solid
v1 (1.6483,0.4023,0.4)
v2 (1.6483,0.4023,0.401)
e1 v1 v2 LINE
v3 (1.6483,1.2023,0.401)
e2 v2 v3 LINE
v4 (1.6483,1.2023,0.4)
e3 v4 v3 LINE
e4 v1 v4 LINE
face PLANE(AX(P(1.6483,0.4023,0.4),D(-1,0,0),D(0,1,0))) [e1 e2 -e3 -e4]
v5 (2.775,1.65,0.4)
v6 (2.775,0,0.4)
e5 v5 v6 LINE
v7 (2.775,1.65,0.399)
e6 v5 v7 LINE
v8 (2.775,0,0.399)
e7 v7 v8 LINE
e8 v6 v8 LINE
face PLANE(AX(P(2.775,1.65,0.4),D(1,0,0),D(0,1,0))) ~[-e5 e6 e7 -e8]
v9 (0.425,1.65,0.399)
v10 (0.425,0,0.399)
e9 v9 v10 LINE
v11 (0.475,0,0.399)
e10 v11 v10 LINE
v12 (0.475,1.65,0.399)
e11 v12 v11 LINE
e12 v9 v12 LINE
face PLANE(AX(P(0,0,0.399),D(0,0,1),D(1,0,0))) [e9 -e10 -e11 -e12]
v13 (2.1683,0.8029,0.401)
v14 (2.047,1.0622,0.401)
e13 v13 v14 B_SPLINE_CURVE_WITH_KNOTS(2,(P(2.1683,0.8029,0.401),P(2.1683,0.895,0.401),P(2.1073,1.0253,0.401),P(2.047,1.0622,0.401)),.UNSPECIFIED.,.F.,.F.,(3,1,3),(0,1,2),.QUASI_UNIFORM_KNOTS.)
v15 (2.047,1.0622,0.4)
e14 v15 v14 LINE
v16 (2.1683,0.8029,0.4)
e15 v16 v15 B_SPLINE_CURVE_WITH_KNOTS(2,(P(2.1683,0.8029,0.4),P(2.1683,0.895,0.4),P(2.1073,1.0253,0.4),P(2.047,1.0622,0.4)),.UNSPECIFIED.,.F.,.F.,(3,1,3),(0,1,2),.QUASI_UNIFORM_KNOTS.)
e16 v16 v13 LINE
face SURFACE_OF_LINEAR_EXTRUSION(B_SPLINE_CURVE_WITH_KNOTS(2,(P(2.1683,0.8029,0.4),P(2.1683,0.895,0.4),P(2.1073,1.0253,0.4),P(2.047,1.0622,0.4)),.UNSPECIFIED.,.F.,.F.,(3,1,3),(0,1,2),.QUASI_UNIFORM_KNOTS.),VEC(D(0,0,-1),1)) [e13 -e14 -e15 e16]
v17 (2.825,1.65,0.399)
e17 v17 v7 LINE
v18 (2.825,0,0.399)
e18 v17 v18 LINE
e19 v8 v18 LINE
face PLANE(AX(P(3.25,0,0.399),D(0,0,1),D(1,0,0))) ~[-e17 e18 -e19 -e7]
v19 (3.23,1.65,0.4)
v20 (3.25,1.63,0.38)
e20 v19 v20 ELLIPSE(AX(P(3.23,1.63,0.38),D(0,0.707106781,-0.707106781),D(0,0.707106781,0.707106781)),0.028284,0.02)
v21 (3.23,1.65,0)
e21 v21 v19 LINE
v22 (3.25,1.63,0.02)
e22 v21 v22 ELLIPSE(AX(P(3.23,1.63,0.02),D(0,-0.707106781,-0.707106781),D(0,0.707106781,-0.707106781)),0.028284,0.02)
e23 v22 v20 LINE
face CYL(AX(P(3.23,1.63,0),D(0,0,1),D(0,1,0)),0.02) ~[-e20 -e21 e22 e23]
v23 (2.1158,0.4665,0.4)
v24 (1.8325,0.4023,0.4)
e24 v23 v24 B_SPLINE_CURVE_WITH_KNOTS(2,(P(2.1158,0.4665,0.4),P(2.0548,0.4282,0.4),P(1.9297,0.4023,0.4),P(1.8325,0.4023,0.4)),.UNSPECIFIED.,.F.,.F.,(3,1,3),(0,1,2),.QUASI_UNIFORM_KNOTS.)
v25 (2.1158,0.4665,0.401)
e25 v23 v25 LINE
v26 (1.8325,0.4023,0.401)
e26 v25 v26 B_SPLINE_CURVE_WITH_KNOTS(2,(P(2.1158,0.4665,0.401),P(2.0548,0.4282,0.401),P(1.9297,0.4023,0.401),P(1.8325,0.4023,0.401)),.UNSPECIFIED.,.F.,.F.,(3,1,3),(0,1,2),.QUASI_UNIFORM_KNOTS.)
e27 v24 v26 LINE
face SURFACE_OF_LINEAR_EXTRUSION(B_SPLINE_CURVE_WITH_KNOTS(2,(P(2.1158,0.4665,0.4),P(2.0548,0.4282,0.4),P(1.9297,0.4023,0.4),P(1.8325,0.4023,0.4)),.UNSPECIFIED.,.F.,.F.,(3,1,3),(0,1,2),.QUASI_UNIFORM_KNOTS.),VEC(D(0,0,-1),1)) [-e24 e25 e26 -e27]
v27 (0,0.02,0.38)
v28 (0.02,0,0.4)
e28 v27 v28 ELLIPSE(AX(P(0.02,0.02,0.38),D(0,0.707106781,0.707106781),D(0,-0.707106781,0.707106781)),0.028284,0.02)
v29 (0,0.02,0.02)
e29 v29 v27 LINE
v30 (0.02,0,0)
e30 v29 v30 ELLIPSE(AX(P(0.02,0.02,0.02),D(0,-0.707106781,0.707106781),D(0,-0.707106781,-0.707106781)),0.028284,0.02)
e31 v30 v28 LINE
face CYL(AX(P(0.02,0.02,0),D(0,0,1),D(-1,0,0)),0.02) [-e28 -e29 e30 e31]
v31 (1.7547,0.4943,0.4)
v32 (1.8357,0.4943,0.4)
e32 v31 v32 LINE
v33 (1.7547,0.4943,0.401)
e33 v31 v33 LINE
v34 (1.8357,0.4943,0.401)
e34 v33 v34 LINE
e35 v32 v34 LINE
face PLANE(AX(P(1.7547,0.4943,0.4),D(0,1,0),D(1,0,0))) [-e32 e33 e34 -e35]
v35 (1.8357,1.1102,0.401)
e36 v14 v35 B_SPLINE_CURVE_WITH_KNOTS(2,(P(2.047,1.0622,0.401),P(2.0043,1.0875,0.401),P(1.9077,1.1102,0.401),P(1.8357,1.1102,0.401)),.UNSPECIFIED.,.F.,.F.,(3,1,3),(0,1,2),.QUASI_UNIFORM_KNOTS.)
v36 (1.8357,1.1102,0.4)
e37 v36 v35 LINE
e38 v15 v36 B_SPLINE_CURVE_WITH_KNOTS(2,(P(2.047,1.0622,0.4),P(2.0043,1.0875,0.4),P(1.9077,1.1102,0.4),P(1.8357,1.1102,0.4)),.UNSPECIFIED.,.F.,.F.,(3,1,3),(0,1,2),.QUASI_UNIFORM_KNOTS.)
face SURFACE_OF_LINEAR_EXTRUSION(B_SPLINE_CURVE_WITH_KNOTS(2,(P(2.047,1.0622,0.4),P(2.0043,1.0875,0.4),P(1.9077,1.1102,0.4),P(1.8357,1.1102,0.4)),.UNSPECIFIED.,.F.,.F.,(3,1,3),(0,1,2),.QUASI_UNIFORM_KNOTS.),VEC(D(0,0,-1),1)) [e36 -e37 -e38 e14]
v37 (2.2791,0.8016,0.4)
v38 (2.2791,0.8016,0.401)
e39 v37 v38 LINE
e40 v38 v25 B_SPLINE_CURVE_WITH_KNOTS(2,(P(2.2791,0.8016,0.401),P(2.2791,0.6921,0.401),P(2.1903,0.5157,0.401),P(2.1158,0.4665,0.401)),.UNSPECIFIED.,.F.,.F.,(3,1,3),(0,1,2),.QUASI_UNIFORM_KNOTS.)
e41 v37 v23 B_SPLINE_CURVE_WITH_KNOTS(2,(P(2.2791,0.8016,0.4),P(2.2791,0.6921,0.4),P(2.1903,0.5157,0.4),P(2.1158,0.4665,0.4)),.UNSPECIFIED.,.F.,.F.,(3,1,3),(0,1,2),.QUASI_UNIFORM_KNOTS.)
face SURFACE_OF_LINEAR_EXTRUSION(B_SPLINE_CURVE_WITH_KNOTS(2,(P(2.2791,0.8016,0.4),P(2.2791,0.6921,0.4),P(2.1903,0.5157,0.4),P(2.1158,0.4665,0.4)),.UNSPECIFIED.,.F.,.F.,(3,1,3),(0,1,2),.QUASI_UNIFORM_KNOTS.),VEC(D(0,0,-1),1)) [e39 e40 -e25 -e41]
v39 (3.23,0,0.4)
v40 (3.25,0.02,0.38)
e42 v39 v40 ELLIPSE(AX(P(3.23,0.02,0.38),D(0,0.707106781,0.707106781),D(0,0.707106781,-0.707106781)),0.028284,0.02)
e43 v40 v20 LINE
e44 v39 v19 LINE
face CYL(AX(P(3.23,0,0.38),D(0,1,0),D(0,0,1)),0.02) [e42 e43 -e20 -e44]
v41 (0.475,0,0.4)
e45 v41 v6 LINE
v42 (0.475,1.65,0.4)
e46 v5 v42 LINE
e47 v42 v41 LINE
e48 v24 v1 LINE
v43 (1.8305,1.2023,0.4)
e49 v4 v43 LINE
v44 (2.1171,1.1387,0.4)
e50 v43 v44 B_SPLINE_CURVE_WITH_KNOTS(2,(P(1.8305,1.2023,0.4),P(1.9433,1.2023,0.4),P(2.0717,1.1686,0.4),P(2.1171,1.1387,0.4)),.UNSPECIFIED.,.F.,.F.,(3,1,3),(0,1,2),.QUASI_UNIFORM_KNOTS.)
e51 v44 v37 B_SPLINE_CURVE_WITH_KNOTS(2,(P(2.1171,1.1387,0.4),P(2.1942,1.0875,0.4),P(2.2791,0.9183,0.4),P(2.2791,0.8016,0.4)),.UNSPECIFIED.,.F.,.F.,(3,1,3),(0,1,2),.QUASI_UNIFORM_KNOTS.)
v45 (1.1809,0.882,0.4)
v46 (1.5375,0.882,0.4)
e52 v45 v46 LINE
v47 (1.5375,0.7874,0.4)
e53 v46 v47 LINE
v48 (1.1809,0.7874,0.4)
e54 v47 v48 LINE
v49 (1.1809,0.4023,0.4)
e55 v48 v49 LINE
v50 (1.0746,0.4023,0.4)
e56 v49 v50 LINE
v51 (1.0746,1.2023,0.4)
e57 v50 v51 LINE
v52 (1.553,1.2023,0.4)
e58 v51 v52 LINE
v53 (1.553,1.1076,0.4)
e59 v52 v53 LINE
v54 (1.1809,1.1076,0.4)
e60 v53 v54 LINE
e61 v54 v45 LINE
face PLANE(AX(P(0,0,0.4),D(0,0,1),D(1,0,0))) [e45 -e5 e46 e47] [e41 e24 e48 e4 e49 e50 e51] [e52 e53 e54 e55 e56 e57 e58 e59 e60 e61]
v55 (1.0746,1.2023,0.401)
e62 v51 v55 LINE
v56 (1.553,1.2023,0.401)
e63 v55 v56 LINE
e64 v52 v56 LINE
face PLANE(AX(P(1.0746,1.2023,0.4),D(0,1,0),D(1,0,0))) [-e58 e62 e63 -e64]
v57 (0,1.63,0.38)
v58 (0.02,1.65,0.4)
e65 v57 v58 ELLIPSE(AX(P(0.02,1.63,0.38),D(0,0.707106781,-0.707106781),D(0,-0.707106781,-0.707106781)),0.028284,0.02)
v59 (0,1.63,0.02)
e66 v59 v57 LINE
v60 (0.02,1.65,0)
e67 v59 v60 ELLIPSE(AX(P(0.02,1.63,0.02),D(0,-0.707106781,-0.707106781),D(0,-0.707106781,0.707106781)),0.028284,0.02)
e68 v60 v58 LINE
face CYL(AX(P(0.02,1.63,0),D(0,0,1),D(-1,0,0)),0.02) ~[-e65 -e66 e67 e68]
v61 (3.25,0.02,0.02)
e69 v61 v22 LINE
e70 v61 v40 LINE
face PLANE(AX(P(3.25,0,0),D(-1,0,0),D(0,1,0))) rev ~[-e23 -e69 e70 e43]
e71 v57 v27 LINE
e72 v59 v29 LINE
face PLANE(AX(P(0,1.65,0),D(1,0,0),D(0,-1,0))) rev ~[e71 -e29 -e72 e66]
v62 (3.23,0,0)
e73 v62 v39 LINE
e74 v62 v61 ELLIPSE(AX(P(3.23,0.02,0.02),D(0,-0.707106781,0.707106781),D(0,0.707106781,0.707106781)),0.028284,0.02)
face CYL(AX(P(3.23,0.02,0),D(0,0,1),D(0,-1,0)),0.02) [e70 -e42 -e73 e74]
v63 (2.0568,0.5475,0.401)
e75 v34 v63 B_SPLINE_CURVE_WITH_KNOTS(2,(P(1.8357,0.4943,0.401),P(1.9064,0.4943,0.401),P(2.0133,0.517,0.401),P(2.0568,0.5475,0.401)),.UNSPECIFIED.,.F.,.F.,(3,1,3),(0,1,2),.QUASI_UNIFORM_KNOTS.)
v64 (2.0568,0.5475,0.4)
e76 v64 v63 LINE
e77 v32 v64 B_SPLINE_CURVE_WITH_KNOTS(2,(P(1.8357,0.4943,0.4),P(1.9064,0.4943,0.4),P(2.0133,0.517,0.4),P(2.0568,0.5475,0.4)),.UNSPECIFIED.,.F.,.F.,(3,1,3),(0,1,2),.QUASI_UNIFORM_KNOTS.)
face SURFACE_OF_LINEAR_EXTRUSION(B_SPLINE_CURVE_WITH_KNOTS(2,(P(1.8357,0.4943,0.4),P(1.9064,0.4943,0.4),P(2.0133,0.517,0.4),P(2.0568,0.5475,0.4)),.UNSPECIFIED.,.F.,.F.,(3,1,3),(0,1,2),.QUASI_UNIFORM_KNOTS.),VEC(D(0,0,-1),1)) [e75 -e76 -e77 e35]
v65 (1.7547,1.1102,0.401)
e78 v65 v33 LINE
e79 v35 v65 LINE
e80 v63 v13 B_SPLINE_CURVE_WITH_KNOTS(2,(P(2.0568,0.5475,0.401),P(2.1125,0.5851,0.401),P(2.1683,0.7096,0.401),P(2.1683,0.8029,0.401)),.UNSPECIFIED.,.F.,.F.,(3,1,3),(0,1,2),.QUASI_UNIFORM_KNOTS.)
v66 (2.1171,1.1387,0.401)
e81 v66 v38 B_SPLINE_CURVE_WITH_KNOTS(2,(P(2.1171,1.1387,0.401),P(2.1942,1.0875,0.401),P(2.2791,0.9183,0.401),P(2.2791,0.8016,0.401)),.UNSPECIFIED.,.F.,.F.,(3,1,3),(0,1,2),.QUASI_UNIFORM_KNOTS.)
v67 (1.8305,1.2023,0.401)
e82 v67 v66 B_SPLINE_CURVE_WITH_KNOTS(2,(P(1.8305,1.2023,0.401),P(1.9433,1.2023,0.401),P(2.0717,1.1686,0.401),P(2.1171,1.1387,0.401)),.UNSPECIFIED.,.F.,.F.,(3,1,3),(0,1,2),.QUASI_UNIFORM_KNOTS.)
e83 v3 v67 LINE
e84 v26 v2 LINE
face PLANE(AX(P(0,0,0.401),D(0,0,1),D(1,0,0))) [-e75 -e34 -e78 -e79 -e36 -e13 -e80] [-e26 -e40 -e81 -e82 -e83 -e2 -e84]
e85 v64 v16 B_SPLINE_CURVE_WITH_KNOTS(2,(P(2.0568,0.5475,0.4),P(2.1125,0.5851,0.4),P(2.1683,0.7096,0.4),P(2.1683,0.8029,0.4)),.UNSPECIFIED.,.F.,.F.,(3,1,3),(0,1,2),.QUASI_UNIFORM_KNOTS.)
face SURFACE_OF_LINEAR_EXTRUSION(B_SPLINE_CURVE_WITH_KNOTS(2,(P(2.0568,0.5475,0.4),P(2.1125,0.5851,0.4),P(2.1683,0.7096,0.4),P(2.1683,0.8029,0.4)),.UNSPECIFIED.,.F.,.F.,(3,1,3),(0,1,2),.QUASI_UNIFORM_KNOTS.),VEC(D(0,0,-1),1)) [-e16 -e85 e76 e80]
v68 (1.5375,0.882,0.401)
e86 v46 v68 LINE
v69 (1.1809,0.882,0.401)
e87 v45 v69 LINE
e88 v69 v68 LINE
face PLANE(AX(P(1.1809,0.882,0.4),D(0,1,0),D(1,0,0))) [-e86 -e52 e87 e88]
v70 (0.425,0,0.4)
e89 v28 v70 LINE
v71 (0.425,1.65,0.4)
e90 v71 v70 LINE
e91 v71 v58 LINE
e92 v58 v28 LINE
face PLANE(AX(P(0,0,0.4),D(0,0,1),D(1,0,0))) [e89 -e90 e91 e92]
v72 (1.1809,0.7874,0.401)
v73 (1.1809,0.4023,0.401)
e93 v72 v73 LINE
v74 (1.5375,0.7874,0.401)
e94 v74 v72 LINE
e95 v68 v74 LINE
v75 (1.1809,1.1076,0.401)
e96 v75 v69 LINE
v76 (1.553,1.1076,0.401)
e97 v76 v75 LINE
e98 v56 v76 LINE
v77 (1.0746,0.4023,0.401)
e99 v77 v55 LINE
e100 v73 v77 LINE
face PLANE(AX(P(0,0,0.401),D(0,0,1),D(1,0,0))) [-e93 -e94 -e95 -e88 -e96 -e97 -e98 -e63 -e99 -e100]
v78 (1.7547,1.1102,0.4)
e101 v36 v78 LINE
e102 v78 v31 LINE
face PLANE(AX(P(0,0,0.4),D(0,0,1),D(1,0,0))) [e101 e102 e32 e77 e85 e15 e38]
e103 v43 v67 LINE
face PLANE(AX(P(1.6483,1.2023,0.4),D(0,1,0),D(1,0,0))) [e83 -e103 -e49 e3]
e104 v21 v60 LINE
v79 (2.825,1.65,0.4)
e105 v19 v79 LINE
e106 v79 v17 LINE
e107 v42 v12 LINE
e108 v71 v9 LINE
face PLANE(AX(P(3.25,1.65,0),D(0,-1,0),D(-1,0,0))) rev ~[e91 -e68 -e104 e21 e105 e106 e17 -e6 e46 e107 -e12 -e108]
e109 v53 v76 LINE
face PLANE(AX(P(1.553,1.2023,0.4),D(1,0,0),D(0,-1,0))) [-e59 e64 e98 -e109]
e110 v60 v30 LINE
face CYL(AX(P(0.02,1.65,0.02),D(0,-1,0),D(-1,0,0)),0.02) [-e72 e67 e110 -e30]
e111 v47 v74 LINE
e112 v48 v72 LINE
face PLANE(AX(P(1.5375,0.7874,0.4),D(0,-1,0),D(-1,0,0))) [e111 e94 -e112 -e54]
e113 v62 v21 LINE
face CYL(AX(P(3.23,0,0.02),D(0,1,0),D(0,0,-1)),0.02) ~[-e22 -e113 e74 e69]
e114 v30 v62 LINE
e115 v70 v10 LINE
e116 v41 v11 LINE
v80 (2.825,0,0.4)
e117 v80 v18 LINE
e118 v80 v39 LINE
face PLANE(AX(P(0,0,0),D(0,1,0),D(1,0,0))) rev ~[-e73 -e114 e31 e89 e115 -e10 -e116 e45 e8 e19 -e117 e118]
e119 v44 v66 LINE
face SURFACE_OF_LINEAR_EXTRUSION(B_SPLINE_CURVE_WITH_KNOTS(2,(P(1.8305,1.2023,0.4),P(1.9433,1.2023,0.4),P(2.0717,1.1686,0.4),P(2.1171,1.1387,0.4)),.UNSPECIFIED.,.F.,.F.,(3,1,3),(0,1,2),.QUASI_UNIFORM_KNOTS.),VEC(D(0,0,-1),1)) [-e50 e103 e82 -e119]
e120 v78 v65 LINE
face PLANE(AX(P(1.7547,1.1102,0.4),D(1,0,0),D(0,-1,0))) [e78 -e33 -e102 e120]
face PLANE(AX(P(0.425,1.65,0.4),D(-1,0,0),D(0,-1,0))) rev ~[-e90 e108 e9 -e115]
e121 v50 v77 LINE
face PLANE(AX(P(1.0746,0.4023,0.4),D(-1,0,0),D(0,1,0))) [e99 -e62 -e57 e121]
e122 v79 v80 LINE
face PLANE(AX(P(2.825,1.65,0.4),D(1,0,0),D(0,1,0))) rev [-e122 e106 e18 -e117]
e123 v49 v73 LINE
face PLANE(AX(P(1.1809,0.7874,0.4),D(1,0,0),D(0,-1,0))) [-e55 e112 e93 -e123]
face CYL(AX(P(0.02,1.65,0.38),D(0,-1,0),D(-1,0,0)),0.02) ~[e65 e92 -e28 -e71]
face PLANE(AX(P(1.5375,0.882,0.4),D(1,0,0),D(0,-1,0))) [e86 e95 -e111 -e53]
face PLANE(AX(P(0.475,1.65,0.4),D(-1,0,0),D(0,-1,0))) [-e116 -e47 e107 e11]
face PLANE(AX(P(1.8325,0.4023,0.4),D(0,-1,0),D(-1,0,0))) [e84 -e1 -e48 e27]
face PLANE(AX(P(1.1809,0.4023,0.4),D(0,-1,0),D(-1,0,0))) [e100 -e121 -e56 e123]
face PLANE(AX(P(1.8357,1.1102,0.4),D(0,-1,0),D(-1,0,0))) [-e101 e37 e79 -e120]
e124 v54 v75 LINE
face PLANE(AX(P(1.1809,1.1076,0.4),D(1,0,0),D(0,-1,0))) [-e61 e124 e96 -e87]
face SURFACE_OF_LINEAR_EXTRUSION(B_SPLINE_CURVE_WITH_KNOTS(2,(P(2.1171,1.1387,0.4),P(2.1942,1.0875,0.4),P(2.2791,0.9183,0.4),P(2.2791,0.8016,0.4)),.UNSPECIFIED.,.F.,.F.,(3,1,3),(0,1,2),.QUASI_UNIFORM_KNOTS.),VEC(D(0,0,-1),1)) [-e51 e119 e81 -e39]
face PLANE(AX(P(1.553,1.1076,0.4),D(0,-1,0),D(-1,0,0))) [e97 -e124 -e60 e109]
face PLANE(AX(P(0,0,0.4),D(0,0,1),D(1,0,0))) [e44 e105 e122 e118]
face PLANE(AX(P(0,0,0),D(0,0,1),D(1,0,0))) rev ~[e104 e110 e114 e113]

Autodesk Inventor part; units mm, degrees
ref_plane "YZ Plane" through (0, 0, 0) normal (1, 0, 0) x (0, 1, 0)
ref_plane "XZ Plane" through (0, 0, 0) normal (0, 1, 0) x (-1, 0, 0)
ref_plane "XY Plane" through (0, 0, 0) normal (0, 0, 1) x (1, 0, 0)
sketch "Sketch1" plane through (0, 0, 0) normal (0, 0, 1) x (1, 0, 0)
  line L0 (0, 0) -> (3.25, 0)
  line L1 (3.25, 0) -> (3.25, 1.65)
  line L2 (3.25, 1.65) -> (0, 1.65)
  line L3 (0, 1.65) -> (0, 0)
  dimension "d0" = 1.65
  dimension "d1" = 3.25
extrude "Extrusion1" add sketch "Sketch1" along normal blind 0.4
sketch "Sketch2" plane through (0, 0, 0.4) normal (0, 0, 1) x (1, 0, 0)
  line L0 (0, 0) -> (0, 1.65) projected
  line L1 (3.25, 0) -> (0, 0) projected
  line L2 (0, 1.65) -> (3.25, 1.65) projected
  line L3 (0.425, 1.65) -> (0.425, 0)
  line L4 (0.475, 1.65) -> (0.475, 0)
  line L5 (0.425, 1.65) -> (0.475, 1.65)
  line L6 (0.425, 0) -> (0.475, 0)
  dimension "d4" = 0.425
  dimension "d7" = 0.05
extrude "Extrusion2" cut sketch "Sketch2" against normal blind 0.001 contours L3 L2 L4 L1
ref_plane "Work Plane1" through (1.625, 0, 0) normal (1, 0, 0) x (0, 0, -1)
mirror "Mirror1" about plane through (1.625, 0, 0) normal (1, 0, 0) of "Extrusion2"
sketch "Sketch3" plane through (0, 0, 0.4) normal (0, 0, 1) x (1, 0, 0)
  line L0 (0.9936, 1.2023) -> (2.3385, 1.2023) construction
  line L1 (2.3385, 1.2023) -> (2.3385, 0.3392) construction
  line L2 (2.3385, 0.3392) -> (0.9936, 0.3392) construction
  line L3 (0.9936, 0.3392) -> (0.9936, 1.2023) construction
  line L4 (1.553, 1.1076) -> (1.1809, 1.1076)
  line L5 (1.1809, 1.1076) -> (1.1809, 0.882)
  line L6 (1.1809, 0.882) -> (1.5375, 0.882)
  line L7 (1.5375, 0.882) -> (1.5375, 0.7874)
  line L8 (1.5375, 0.7874) -> (1.1809, 0.7874)
  line L9 (1.1809, 0.7874) -> (1.1809, 0.4023)
  line L10 (1.1809, 0.4023) -> (1.0746, 0.4023)
  line L11 (1.0746, 0.4023) -> (1.0746, 1.2023)
  line L12 (1.0746, 1.2023) -> (1.553, 1.2023)
  line L13 (1.553, 1.2023) -> (1.553, 1.1076)
  spline S0 degree 2 poles (2.2791, 0.8016) (2.2791, 0.6921) (2.1903, 0.5157) (2.1158, 0.4665) knots 0 0 0 1 2 2 2
  spline S1 degree 2 poles (2.1158, 0.4665) (2.0548, 0.4282) (1.9297, 0.4023) (1.8325, 0.4023) knots 0 0 0 1 2 2 2
  line L14 (1.8325, 0.4023) -> (1.6483, 0.4023)
  line L15 (1.6483, 0.4023) -> (1.6483, 1.2023)
  line L16 (1.6483, 1.2023) -> (1.8305, 1.2023)
  spline S2 degree 2 poles (1.8305, 1.2023) (1.9433, 1.2023) (2.0717, 1.1686) (2.1171, 1.1387) knots 0 0 0 1 2 2 2
  spline S3 degree 2 poles (2.1171, 1.1387) (2.1942, 1.0875) (2.2791, 0.9183) (2.2791, 0.8016) knots 0 0 0 1 2 2 2
  spline S4 degree 2 poles (2.1683, 0.8029) (2.1683, 0.895) (2.1073, 1.0253) (2.047, 1.0622) knots 0 0 0 1 2 2 2
  spline S5 degree 2 poles (2.047, 1.0622) (2.0043, 1.0875) (1.9077, 1.1102) (1.8357, 1.1102) knots 0 0 0 1 2 2 2
  line L17 (1.8357, 1.1102) -> (1.7547, 1.1102)
  line L18 (1.7547, 1.1102) -> (1.7547, 0.4943)
  line L19 (1.7547, 0.4943) -> (1.8357, 0.4943)
  spline S6 degree 2 poles (1.8357, 0.4943) (1.9064, 0.4943) (2.0133, 0.517) (2.0568, 0.5475) knots 0 0 0 1 2 2 2
  spline S7 degree 2 poles (2.0568, 0.5475) (2.1125, 0.5851) (2.1683, 0.7096) (2.1683, 0.8029) knots 0 0 0 1 2 2 2
  point P0 (0, 0)
fillet "Fillet1" radius 0.02 8 edges at (3.25, 0.825, 0.4) (3.25, 0, 0.2) (3.25, 0.825, 0) (3.25, 1.65, 0.2) (0, 0.825, 0.4) (0, 1.65, 0.2) (0, 0.825, 0) (0, 0, 0.2)
extrude "Extrusion3" add sketch "Sketch3" along normal blind 0.001
properties part number "fuse"
